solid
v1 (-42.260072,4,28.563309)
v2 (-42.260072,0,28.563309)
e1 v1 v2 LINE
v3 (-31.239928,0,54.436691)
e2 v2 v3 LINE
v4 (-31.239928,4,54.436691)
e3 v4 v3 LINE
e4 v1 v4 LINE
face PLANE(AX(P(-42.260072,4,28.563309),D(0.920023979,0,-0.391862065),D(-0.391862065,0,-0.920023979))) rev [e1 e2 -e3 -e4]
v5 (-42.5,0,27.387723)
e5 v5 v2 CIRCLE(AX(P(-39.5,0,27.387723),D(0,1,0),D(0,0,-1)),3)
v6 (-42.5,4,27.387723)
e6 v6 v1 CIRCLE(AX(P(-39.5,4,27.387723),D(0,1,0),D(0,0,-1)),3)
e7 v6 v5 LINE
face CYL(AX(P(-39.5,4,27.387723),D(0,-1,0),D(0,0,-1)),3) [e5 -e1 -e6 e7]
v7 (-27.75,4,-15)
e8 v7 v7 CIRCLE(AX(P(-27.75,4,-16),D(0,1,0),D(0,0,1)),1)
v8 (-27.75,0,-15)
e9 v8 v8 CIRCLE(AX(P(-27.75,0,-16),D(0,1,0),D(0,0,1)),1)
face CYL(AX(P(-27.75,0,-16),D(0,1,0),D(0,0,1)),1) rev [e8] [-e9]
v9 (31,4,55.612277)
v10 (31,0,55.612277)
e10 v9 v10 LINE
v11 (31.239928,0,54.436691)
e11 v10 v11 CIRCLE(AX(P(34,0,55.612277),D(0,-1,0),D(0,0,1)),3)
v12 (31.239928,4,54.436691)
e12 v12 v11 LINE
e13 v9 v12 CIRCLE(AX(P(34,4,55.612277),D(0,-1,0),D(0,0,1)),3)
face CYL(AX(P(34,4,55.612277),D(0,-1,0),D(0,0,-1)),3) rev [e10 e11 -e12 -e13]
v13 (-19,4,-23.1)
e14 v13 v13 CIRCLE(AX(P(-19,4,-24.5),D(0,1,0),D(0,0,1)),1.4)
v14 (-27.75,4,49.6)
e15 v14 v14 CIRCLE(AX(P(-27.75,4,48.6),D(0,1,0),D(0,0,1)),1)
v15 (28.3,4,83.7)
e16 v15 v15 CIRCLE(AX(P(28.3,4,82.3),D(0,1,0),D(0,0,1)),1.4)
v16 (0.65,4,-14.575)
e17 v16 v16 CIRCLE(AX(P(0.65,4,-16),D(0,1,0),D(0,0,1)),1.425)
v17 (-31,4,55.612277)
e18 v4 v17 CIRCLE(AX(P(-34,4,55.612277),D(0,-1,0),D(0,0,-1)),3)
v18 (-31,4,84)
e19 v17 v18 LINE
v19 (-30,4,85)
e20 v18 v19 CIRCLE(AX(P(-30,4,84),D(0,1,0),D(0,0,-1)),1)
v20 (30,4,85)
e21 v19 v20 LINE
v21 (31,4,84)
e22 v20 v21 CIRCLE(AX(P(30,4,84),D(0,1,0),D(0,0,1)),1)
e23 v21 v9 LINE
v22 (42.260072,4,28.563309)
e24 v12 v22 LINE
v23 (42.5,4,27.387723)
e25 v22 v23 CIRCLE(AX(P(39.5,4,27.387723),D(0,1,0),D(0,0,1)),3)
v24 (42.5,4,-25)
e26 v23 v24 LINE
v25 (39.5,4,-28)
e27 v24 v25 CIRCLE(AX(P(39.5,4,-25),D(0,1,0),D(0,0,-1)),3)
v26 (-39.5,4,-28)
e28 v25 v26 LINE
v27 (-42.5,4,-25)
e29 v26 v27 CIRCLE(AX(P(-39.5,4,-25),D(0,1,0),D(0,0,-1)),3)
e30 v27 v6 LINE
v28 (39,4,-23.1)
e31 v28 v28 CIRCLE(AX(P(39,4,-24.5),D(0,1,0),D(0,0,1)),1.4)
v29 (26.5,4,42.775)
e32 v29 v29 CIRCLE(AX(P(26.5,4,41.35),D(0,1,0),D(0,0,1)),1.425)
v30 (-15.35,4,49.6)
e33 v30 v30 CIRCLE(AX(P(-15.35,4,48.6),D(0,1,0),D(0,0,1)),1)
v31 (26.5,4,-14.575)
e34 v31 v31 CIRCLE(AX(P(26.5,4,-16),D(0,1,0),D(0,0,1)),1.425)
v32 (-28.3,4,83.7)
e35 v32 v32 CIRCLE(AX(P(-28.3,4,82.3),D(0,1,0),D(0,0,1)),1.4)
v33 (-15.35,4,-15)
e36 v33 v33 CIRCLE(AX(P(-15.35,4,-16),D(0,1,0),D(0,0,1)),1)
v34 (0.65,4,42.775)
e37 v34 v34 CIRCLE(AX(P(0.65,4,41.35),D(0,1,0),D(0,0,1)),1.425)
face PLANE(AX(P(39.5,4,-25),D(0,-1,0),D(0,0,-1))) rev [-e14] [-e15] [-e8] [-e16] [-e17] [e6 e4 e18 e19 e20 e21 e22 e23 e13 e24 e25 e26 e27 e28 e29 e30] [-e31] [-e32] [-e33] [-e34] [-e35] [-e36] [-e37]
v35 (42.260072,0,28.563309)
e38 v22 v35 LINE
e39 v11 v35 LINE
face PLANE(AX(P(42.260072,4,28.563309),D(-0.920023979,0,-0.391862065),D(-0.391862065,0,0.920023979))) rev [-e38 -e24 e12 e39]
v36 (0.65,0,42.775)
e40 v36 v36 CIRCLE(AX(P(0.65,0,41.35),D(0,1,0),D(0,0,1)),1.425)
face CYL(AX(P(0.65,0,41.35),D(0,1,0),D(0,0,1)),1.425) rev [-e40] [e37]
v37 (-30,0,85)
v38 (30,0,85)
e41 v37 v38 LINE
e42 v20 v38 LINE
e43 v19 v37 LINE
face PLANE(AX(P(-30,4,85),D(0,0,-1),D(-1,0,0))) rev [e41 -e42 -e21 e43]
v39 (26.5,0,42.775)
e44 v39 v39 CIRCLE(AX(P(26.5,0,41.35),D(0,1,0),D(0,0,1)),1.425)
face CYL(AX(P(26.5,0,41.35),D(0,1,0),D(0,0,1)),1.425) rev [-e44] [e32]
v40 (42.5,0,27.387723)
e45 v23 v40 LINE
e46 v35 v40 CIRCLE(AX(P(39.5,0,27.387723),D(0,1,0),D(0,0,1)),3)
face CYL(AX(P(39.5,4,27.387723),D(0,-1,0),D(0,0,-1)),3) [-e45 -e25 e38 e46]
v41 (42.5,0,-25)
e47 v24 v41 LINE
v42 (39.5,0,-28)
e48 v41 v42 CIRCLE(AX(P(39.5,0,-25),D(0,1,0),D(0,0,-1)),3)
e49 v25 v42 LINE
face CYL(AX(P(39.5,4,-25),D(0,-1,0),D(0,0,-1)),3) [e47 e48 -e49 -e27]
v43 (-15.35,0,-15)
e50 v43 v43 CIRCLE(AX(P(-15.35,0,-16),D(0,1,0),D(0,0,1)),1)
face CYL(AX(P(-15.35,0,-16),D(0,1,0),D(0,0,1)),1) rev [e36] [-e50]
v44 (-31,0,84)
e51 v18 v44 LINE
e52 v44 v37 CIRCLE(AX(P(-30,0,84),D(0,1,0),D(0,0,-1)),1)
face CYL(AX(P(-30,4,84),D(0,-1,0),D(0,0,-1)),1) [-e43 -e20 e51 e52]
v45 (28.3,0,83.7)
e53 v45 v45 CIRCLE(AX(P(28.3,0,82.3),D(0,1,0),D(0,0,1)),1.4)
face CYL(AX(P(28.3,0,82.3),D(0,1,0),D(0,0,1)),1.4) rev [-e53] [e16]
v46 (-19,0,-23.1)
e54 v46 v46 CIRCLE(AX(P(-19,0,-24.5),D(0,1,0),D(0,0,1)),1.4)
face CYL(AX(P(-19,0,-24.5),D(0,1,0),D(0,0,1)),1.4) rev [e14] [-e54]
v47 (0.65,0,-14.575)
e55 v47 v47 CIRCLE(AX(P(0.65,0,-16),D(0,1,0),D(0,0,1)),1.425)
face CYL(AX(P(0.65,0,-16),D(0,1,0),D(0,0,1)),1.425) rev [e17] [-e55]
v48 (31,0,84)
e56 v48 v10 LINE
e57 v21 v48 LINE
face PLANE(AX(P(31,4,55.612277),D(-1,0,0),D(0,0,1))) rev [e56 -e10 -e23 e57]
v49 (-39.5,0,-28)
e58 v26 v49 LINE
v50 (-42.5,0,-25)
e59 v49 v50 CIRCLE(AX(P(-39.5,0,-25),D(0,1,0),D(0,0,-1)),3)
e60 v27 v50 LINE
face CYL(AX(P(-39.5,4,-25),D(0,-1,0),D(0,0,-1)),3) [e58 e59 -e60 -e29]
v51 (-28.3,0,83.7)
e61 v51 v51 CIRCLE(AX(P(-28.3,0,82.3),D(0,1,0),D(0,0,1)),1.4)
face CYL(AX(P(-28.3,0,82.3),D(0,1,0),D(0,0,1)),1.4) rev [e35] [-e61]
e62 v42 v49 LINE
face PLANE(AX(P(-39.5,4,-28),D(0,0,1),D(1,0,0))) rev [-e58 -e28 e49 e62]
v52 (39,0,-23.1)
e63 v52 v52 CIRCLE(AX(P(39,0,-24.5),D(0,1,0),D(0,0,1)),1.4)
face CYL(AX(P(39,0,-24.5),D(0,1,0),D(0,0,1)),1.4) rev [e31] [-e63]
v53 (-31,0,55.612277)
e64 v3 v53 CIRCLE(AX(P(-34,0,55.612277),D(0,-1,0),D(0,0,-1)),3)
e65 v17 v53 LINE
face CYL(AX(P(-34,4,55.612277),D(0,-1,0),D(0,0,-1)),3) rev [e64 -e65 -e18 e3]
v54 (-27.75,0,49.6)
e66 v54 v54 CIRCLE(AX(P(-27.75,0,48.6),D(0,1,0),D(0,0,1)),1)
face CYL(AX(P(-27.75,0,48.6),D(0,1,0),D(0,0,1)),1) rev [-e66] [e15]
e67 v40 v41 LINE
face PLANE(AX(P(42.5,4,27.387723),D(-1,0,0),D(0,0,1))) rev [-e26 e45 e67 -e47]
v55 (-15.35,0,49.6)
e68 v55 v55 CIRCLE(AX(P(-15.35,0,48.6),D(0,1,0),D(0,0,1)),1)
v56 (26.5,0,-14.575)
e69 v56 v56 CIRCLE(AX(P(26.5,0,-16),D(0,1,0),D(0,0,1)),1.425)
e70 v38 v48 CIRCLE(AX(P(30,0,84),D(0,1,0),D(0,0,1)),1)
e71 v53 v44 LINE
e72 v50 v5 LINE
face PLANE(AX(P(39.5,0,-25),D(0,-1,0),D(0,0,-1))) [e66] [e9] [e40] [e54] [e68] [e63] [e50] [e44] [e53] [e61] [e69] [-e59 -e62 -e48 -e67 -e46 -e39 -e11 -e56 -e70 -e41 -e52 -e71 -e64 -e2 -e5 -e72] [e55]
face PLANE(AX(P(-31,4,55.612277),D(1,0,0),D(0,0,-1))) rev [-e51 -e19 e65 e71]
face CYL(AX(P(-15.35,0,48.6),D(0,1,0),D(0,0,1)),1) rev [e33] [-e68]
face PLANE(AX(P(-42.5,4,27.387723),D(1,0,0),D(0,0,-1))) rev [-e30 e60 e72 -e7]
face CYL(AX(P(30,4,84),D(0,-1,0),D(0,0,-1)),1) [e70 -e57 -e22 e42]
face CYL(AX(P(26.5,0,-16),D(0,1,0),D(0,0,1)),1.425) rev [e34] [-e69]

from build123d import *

# Parameters (mm, degrees)
BOSS_EXTRUDE1_DEPTH = 4
SKETCH2_R           = 1.4
SKETCH2_R_2         = 1.425
SKETCH2_R_3         = 1
CUT_EXTRUDE1_DEPTH  = 96.117033175


with BuildPart() as part:
    # Sketch1 → Boss-Extrude1 (new body)
    with BuildSketch(Plane(origin=(0, 0, 0), x_dir=(1, 0, 0), z_dir=(0, 1, 0))):
        with BuildLine():
            Line((-42.260071937, -28.563309365), (-31.239928063, -54.436690635))
            ThreePointArc((-31.239928063, -54.436690635), (-31.060593954, -55.012366758), (-31, -55.61227683))
            Line((-31, -55.61227683), (-31, -84))
            ThreePointArc((-31, -84), (-30.707106781, -84.707106781), (-30, -85))
            Line((-30, -85), (30, -85))
            ThreePointArc((30, -85), (30.707106781, -84.707106781), (31, -84))
            Line((31, -84), (31, -55.61227683))
            ThreePointArc((31, -55.61227683), (31.060593954, -55.012366758), (31.239928063, -54.436690635))
            Line((31.239928063, -54.436690635), (42.260071937, -28.563309365))
            ThreePointArc((42.260071937, -28.563309365), (42.439406046, -27.987633242), (42.5, -27.38772317))
            Line((42.5, -27.38772317), (42.5, 25))
            ThreePointArc((42.5, 25), (41.621320344, 27.121320344), (39.5, 28))
            Line((39.5, 28), (-39.5, 28))
            ThreePointArc((-39.5, 28), (-41.621320344, 27.121320344), (-42.5, 25))
            Line((-42.5, 25), (-42.5, -27.38772317))
            ThreePointArc((-42.5, -27.38772317), (-42.439406046, -27.987633242), (-42.260071937, -28.563309365))
        make_face()
    extrude(amount=BOSS_EXTRUDE1_DEPTH)

    # Sketch2 → Cut-Extrude1 (cut, through all)
    with BuildSketch(Plane(origin=(0, 4, 0), x_dir=(1, 0, 0), z_dir=(0, 1, 0))):
        with Locations(Location((39, 24.5, 0), (0, 0, 270))):
            Circle(SKETCH2_R)
        with Locations(Location((-19, 24.5, 0), (0, 0, 270))):
            Circle(SKETCH2_R)
        with Locations(Location((-28.3, -82.3, 0), (0, 0, 270))):
            Circle(SKETCH2_R)
        with Locations(Location((28.3, -82.3, 0), (0, 0, 270))):
            Circle(SKETCH2_R)
        with Locations(Location((26.5, 16, 0), (0, 0, 270))):
            Circle(SKETCH2_R_2)
        with Locations(Location((0.65, 16, 0), (0, 0, 270))):
            Circle(SKETCH2_R_2)
        with Locations(Location((26.5, -41.35, 0), (0, 0, 270))):
            Circle(SKETCH2_R_2)
        with Locations(Location((0.65, -41.35, 0), (0, 0, 270))):
            Circle(SKETCH2_R_2)
        with Locations(Location((-15.35, 16, 0), (0, 0, 270))):
            Circle(SKETCH2_R_3)
        with Locations(Location((-27.75, 16, 0), (0, 0, 270))):
            Circle(SKETCH2_R_3)
        with Locations(Location((-15.35, -48.6, 0), (0, 0, 270))):
            Circle(SKETCH2_R_3)
        with Locations(Location((-27.75, -48.6, 0), (0, 0, 270))):
            Circle(SKETCH2_R_3)
    extrude(amount=-CUT_EXTRUDE1_DEPTH, mode=Mode.SUBTRACT)


solid = part.part
